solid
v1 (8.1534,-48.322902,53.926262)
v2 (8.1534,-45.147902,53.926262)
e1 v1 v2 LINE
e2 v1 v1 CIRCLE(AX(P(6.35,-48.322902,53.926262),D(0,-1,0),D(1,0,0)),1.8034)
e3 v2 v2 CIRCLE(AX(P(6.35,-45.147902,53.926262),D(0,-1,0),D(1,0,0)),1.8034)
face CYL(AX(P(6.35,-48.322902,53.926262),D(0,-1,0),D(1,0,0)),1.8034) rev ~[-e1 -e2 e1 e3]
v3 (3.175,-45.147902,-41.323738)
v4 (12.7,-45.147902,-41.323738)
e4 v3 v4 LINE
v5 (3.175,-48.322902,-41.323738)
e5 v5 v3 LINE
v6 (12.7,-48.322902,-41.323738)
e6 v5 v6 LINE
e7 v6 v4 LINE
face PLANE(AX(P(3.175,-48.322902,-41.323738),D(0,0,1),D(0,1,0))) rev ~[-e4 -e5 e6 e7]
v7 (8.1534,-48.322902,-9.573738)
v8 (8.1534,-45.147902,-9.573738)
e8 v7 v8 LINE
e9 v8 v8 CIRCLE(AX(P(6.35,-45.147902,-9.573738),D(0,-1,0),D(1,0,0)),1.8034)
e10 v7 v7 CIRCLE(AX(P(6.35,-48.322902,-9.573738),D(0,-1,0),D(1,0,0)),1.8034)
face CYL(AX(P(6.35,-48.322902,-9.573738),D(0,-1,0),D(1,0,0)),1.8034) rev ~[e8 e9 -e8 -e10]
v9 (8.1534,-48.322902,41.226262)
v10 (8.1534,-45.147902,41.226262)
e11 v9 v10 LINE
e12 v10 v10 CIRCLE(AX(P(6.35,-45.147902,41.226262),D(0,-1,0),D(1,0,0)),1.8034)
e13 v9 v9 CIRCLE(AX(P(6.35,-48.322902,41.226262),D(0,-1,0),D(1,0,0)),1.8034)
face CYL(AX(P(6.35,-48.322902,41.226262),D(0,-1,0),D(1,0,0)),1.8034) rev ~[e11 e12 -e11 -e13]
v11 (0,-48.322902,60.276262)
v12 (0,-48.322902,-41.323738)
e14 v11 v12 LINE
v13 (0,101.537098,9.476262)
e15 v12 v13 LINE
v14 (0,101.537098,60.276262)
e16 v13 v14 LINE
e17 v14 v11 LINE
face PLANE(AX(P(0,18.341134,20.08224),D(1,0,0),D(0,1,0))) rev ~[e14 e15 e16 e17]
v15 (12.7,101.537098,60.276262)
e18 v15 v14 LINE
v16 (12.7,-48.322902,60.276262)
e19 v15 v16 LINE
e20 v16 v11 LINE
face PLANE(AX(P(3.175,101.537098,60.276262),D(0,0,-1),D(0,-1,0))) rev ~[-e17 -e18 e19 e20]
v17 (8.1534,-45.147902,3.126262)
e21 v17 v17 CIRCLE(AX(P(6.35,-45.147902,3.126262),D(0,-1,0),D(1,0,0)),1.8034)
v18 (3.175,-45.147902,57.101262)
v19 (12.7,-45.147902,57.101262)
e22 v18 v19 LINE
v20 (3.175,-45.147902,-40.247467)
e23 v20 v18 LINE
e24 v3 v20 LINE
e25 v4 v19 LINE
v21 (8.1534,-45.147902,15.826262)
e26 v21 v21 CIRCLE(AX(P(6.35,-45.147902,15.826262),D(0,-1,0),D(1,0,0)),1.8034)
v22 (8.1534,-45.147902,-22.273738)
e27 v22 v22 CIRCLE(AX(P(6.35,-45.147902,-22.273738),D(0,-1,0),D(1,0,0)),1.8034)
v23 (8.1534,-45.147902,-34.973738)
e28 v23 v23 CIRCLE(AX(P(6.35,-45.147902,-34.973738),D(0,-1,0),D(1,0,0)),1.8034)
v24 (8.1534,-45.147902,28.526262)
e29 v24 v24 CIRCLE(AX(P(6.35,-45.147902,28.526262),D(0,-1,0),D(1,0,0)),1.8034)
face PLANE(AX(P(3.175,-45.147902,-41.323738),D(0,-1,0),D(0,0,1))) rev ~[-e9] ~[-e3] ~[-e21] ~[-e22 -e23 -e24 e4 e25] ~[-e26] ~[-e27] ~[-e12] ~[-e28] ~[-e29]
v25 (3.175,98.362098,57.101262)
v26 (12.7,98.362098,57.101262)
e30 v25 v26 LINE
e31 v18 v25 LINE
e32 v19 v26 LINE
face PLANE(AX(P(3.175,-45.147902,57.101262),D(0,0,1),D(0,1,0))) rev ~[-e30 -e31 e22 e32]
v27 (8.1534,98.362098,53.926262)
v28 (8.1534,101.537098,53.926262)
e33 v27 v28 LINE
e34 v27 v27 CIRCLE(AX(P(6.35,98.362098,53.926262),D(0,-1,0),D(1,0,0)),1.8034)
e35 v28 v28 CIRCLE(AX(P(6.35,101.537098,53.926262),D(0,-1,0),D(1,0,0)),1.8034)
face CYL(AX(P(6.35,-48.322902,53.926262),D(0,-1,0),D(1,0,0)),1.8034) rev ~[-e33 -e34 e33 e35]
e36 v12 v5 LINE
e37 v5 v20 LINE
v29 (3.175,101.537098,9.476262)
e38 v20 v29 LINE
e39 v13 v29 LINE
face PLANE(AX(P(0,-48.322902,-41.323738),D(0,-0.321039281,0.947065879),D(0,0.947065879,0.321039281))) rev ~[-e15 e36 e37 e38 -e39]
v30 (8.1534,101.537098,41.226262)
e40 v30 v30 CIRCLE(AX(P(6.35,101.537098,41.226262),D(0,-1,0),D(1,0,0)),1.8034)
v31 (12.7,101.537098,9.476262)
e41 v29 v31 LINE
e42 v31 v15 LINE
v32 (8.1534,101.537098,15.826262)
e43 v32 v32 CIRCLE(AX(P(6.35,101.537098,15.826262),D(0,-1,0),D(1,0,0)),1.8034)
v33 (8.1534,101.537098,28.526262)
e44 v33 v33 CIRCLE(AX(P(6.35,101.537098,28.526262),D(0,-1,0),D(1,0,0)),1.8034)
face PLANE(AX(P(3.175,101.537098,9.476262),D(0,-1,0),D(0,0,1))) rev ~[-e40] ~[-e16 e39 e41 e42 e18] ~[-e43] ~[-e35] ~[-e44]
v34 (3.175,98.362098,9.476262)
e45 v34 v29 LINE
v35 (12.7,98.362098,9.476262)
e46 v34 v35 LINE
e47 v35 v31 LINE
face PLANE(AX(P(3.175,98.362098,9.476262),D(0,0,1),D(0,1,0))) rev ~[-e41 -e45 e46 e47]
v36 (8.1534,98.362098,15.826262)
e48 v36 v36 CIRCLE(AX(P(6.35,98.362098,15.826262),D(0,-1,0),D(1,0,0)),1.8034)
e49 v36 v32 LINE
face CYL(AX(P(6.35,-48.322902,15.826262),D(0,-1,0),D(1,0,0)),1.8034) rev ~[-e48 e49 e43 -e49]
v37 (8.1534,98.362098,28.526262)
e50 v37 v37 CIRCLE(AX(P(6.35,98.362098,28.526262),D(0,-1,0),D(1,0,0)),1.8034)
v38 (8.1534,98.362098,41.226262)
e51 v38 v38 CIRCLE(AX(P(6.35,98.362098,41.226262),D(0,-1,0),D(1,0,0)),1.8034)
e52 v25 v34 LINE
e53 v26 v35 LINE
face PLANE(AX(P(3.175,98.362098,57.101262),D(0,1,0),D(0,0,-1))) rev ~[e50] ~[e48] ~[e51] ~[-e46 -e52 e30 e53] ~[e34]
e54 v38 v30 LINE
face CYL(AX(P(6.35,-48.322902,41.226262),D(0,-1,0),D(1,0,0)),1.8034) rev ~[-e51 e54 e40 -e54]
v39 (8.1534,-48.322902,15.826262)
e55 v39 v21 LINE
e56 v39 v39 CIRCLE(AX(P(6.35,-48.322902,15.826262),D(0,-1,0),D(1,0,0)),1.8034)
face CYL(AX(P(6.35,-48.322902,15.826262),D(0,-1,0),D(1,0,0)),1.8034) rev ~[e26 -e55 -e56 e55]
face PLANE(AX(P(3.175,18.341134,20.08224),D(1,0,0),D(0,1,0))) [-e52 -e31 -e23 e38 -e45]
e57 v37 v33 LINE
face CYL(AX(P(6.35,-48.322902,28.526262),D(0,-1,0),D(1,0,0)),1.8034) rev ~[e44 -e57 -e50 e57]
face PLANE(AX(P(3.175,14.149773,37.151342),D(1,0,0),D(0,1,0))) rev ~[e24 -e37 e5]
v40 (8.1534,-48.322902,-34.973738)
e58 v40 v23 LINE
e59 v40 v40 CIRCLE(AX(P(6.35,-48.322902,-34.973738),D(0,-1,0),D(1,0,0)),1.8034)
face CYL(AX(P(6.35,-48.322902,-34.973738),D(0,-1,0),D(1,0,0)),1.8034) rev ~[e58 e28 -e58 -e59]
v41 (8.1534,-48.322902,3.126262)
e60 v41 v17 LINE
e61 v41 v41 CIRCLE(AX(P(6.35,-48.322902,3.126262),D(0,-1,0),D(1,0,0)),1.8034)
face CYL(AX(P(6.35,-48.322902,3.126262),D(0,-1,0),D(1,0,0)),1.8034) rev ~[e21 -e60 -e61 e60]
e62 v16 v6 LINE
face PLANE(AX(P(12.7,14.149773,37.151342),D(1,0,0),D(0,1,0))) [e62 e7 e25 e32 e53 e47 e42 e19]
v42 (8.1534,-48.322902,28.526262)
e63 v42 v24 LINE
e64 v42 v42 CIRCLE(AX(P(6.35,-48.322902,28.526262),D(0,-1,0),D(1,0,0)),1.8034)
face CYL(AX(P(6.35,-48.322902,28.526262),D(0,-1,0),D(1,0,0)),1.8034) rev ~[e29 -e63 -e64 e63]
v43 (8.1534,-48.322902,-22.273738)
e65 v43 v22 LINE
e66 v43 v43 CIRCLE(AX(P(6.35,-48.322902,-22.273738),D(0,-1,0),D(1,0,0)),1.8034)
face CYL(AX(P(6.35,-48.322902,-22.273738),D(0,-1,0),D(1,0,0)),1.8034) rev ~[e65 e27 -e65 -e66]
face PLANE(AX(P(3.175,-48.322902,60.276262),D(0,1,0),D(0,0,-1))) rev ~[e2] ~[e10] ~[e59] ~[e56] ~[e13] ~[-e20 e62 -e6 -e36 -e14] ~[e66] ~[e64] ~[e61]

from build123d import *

# Parameters (mm, degrees)
F1_DEPTH = 3.175
F3_DEPTH = 9.525
F4_R     = 1.8034
F5_DEPTH = 149.861


with BuildPart() as f1:
    # F0 (on Right) → F1 (new body)
    with BuildSketch(Plane.YZ):
        Polygon((-48.322902, 60.276262), (-48.322902, -41.323738), (101.537098, 9.476262), (101.537098, 60.276262), align=None)
    extrude(amount=F1_DEPTH)

    # F2 (on face) → F3 (join)
    with BuildSketch(Plane.YZ.offset(3.175)):
        Polygon((-48.322902, 57.101262), (-48.322902, -41.323738), (-45.147902, -41.323738), (-45.147902, 57.101262), (98.362098, 57.101262), (98.362098, 9.476262), (101.537098, 9.476262), (101.537098, 57.101262), (101.537098, 60.276262), (-48.322902, 60.276262), align=None)
    extrude(amount=F3_DEPTH)

    # F4 (on face) → F5 (cut, through all)
    with BuildSketch(Plane.XZ.offset(48.322902)):
        with Locations((6.35, -34.973738)):
            Circle(F4_R)
        with Locations((6.35, -22.273738)):
            Circle(F4_R)
        with Locations((6.35, -9.573738)):
            Circle(F4_R)
        with Locations((6.35, 3.126262)):
            Circle(F4_R)
        with Locations((6.35, 15.826262)):
            Circle(F4_R)
        with Locations((6.35, 28.526262)):
            Circle(F4_R)
        with Locations((6.35, 41.226262)):
            Circle(F4_R)
        with Locations((6.35, 53.926262)):
            Circle(F4_R)
    extrude(amount=-F5_DEPTH, mode=Mode.SUBTRACT)


solid = f1.part
